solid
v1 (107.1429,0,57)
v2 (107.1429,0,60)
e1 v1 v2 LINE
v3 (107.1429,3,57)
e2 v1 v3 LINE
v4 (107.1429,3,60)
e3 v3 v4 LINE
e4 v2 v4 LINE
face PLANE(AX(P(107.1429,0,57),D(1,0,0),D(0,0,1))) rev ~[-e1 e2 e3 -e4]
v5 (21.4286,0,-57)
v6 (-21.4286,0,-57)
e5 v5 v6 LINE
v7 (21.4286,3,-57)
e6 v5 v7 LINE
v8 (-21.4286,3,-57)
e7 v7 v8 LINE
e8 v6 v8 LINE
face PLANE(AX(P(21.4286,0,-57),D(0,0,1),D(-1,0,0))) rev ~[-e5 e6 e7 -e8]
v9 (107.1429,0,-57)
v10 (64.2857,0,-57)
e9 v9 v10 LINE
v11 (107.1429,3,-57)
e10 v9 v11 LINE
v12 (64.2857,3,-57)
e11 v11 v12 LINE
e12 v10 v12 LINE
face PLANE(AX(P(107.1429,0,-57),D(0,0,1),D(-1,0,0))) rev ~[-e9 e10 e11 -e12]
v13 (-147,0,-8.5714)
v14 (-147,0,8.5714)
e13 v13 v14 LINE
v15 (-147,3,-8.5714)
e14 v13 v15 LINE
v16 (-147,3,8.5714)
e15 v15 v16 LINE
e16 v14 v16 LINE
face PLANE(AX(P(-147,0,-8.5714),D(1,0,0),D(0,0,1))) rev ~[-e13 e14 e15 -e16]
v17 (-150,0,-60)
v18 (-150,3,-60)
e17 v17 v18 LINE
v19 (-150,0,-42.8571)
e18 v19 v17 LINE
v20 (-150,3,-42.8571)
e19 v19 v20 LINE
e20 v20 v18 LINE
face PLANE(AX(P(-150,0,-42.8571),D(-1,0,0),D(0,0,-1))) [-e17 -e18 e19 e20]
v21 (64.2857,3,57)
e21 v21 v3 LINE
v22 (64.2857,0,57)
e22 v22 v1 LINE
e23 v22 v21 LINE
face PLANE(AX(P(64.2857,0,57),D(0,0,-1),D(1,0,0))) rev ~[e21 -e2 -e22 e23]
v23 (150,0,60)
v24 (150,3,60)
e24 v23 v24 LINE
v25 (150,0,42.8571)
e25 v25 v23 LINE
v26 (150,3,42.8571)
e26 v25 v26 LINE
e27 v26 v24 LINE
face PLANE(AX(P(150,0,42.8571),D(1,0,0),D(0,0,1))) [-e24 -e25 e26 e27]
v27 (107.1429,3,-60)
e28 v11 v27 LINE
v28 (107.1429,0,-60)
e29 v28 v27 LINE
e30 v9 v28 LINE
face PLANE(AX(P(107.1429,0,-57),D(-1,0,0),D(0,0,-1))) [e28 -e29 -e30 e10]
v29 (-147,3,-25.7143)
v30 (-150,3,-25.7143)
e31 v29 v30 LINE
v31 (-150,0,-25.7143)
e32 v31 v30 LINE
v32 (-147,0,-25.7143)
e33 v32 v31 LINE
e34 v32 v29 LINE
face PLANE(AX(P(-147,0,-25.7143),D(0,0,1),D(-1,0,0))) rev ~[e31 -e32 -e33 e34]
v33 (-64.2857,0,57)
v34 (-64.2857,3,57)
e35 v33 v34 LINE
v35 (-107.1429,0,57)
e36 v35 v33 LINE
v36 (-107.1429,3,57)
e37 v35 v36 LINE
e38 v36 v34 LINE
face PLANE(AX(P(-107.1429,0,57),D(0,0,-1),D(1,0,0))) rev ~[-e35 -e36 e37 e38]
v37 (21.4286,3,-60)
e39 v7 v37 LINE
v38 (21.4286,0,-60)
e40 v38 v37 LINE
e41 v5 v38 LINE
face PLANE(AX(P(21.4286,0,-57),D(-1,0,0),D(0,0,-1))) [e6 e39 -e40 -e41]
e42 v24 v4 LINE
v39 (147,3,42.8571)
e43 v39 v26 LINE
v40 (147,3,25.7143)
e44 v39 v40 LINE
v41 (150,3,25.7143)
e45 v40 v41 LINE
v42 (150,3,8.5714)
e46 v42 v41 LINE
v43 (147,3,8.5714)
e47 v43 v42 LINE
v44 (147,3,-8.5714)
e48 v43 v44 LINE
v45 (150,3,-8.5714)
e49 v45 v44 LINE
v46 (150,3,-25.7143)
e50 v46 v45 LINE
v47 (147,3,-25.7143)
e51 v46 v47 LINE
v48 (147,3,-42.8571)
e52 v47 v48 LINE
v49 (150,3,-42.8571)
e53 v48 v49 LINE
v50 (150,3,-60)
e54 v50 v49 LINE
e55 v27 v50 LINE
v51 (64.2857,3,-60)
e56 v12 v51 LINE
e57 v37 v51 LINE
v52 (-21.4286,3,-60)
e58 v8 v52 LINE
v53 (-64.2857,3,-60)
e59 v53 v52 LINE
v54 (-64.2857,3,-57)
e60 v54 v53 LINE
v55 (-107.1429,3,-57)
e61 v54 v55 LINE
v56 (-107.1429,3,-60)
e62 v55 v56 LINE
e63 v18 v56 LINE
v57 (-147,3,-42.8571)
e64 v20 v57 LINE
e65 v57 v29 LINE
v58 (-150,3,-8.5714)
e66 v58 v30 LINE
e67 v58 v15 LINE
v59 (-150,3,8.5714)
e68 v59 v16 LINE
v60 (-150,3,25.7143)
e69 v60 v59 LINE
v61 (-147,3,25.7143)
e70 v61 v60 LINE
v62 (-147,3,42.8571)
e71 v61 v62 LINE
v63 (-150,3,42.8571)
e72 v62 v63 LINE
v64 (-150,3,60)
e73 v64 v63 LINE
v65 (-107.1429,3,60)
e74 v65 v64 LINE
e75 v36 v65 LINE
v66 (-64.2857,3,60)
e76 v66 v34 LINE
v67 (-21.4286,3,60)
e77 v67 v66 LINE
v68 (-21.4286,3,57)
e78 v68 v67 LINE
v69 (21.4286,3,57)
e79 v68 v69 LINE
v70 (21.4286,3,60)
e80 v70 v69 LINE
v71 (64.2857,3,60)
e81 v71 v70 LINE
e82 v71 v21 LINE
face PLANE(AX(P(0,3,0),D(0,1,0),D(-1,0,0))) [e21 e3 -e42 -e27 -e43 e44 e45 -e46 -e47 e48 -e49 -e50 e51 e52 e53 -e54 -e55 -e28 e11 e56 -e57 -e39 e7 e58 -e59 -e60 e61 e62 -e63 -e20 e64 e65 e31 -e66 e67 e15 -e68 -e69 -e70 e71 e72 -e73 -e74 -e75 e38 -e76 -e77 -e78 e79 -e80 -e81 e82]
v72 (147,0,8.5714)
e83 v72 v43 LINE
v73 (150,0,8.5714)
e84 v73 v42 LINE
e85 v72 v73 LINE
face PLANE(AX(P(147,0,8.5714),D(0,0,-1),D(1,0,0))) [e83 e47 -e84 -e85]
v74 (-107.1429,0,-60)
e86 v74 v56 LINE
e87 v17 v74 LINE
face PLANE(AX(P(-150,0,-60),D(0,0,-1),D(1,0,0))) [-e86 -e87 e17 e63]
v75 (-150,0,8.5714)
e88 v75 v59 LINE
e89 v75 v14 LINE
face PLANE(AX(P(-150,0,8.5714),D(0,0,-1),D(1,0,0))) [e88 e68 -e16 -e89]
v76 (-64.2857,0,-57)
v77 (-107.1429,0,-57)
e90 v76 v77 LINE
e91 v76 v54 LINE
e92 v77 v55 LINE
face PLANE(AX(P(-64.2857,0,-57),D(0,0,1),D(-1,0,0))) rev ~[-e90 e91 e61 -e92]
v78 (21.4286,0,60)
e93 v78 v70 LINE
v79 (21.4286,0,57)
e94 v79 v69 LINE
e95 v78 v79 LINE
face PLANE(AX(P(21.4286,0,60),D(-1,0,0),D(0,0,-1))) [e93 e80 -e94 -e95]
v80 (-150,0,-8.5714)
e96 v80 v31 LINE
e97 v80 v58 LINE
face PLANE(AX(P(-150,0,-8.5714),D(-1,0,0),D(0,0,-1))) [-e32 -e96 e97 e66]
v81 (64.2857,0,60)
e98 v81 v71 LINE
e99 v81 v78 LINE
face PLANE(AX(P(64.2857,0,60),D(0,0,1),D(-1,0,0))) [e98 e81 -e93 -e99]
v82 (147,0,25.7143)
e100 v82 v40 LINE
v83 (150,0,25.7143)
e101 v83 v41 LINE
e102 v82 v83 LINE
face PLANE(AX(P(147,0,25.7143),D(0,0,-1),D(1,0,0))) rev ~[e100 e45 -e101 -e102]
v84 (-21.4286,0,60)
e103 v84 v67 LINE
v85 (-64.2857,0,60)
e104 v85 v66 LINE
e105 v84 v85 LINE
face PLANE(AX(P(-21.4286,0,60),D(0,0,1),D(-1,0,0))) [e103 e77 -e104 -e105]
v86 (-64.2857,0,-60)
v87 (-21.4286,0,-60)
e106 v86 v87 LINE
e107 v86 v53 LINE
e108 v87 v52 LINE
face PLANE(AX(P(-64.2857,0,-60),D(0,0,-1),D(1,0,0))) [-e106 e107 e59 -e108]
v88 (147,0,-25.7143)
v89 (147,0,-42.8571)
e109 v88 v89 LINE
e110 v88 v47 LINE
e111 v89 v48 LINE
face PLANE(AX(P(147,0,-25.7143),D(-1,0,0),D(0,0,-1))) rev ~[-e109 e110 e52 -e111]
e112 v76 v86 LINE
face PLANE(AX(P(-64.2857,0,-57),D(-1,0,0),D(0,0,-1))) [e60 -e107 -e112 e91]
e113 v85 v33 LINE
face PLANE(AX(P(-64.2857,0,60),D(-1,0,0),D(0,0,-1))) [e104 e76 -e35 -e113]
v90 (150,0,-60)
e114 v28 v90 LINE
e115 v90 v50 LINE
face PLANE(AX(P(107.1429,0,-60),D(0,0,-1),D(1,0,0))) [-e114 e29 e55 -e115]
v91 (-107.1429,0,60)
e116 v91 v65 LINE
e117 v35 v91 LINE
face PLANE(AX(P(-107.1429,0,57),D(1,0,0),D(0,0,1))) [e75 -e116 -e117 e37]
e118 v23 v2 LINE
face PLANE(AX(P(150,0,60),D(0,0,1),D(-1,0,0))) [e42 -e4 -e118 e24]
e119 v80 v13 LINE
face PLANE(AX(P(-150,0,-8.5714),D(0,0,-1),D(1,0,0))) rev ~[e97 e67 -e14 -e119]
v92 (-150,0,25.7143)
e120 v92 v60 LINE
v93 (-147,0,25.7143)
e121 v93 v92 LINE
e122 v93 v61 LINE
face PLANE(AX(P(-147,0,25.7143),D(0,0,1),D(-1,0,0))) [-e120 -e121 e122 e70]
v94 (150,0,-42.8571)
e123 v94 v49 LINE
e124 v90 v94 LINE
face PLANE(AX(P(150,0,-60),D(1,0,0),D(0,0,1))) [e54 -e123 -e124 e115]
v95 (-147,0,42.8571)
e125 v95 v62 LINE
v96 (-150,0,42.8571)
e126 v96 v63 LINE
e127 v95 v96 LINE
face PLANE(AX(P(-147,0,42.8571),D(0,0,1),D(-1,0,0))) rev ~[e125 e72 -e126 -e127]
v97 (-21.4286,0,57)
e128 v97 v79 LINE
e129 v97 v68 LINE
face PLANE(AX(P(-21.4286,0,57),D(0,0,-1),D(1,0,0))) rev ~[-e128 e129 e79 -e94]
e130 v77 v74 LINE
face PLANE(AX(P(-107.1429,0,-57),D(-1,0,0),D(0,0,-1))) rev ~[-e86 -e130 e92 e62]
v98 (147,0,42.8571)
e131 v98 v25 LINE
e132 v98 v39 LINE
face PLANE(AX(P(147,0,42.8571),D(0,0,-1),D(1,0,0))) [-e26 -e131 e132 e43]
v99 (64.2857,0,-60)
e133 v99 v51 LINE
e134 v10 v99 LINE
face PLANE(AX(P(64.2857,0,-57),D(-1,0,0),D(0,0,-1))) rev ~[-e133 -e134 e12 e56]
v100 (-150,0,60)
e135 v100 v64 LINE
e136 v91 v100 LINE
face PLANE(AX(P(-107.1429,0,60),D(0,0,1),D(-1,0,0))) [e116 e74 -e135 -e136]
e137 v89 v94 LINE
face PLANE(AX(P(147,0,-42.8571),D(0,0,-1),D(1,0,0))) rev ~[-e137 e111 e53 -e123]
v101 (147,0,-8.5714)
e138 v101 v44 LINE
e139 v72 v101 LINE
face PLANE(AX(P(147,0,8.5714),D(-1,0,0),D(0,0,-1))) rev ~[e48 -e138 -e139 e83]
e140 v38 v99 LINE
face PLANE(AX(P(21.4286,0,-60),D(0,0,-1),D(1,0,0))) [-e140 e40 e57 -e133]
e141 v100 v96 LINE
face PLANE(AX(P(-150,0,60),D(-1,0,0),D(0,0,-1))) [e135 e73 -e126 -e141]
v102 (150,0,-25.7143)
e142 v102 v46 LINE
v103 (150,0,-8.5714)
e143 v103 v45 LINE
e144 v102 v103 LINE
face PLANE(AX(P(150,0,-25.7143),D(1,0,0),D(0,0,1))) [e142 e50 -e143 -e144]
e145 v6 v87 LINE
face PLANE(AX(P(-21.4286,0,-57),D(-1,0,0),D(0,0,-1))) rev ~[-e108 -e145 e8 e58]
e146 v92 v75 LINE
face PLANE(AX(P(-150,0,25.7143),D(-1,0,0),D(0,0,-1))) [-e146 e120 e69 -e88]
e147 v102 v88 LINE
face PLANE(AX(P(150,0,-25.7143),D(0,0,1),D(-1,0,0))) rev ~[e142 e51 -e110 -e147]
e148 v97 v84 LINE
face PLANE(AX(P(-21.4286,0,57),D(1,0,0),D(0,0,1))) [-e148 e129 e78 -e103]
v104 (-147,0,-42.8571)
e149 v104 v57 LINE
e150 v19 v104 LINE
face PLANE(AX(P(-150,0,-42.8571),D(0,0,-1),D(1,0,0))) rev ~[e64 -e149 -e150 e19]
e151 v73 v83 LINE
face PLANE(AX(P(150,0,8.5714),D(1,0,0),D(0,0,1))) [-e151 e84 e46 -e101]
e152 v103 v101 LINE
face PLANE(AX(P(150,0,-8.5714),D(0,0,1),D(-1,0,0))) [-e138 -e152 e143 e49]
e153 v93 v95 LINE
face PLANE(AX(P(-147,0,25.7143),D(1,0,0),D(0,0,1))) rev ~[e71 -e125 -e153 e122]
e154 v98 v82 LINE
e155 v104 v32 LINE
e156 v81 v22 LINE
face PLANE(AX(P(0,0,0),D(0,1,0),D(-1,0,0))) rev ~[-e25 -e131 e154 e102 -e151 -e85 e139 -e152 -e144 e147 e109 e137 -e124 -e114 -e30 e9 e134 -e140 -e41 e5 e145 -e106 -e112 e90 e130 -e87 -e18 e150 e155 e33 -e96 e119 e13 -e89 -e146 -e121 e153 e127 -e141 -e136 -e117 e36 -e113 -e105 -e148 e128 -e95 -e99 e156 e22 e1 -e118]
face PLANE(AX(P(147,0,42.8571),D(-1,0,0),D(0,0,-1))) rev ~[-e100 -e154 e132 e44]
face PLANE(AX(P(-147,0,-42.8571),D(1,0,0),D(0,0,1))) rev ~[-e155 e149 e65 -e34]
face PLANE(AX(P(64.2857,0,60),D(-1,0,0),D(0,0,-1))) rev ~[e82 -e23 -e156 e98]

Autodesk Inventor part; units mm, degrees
ref_plane "YZ Plane" through (0, 0, 0) normal (1, 0, 0) x (0, 1, 0)
ref_plane "XZ Plane" through (0, 0, 0) normal (0, 1, 0) x (-1, 0, 0)
ref_plane "XY Plane" through (0, 0, 0) normal (0, 0, 1) x (1, 0, 0)
sketch "Sketch1" plane through (0, 0, 0) normal (0, 1, 0) x (-1, 0, 0)
  line L0 (107.1429, 57) -> (107.1429, 60)
  line L1 (64.2857, 60) -> (64.2857, 57)
  line L2 (21.4286, 57) -> (21.4286, 60)
  line L3 (-21.4286, 60) -> (-21.4286, 57)
  line L4 (-64.2857, 60) -> (-64.2857, 57)
  line L5 (-107.1429, 57) -> (-107.1429, 60)
  line L6 (107.1429, -57) -> (107.1429, -60)
  line L7 (64.2857, -57) -> (64.2857, -60)
  line L8 (21.4286, -57) -> (21.4286, -60)
  line L9 (-21.4286, -57) -> (-21.4286, -60)
  line L10 (-64.2857, -57) -> (-64.2857, -60)
  line L11 (-107.1429, -57) -> (-107.1429, -60)
  line L12 (147, 25.7143) -> (150, 25.7143)
  line L13 (150, 8.5714) -> (147, 8.5714)
  line L14 (150, -8.5714) -> (147, -8.5714)
  line L15 (147, -25.7143) -> (150, -25.7143)
  line L16 (150, -42.8571) -> (147, -42.8571)
  line L17 (-147, -42.8571) -> (-150, -42.8571)
  line L18 (-150, -25.7143) -> (-147, -25.7143)
  line L19 (-147, 8.5714) -> (-150, 8.5714)
  line L20 (-147, 25.7143) -> (-150, 25.7143)
  line L21 (147, 42.8571) -> (150, 42.8571)
  line L22 (-150, -8.5714) -> (-147, -8.5714)
  line L23 (-147, 42.8571) -> (-150, 42.8571)
  line L24 (150, -42.8571) -> (150, -60)
  line L25 (147, -42.8571) -> (147, -25.7143)
  line L26 (150, -8.5714) -> (150, -25.7143)
  line L27 (147, -8.5714) -> (147, 8.5714)
  line L28 (147, 25.7143) -> (147, 42.8571)
  line L29 (150, 60) -> (150, 42.8571)
  line L30 (150, 25.7143) -> (150, 8.5714)
  line L31 (107.1429, 60) -> (150, 60)
  line L32 (107.1429, 57) -> (64.2857, 57)
  line L33 (150, -60) -> (107.1429, -60)
  line L34 (64.2857, -60) -> (21.4286, -60)
  line L35 (-21.4286, -60) -> (-64.2857, -60)
  line L36 (-107.1429, -60) -> (-150, -60)
  line L37 (64.2857, -57) -> (107.1429, -57)
  line L38 (-107.1429, -57) -> (-64.2857, -57)
  line L39 (-21.4286, -57) -> (21.4286, -57)
  line L40 (21.4286, 60) -> (64.2857, 60)
  line L41 (21.4286, 57) -> (-21.4286, 57)
  line L42 (-64.2857, 57) -> (-107.1429, 57)
  line L43 (-150, 60) -> (-107.1429, 60)
  line L44 (-64.2857, 60) -> (-21.4286, 60)
  line L45 (-147, -25.7143) -> (-147, -42.8571)
  line L46 (-147, 42.8571) -> (-147, 25.7143)
  line L47 (-147, 8.5714) -> (-147, -8.5714)
  line L48 (-150, 42.8571) -> (-150, 60)
  line L49 (-150, 8.5714) -> (-150, 25.7143)
  line L50 (-150, -60) -> (-150, -42.8571)
  line L51 (-150, -25.7143) -> (-150, -8.5714)
  point P0 (0, 0)
  dimension "d6" = 85.7143
  dimension "d17" = 17.1429
  dimension "d18" = 34.2857
  dimension "d19" = 51.4286
  dimension "d20" = 68.5714
  dimension "d21" = 85.7143
  dimension "d22" = 102.8571
  dimension "d23" = 120
  dimension "d24" = 150
  dimension "d25" = 300
  dimension "d26" = 42.8571
  dimension "d27" = 128.5714
  dimension "d28" = 171.4286
  dimension "d29" = 214.2857
  dimension "d30" = 257.1429
  dimension "d34" = 3
  dimension "d35" = 3
  dimension "d36" = 60
  dimension "d37" = 3
  dimension "d38" = 3
extrude "Extrusion1" add sketch "Sketch1" along normal blind 3
equation "\"d6\" = 0.285714 * wt - tol"
equation "\"d17\" = d11"
equation "\"d18\" = d12"
equation "\"d19\" = d13"
equation "\"d20\" = d14"
equation "\"d21\" = d15"
equation "\"d22\" = d16"
equation "\"d23\" = ht"
equation "\"d24\" = 0.5 * wt"
equation "\"d25\" = wt"
equation "\"d26\" = d5"
equation "\"d27\" = d7"
equation "\"d28\" = d8"
equation "\"d29\" = d9"
equation "\"d30\" = d10"
equation "\"d34\" = tt"
equation "\"d35\" = tt"
equation "\"d36\" = 0.5 * ht"
equation "\"d37\" = tt"
equation "\"d38\" = tt"
equation "\"d31\" = tt"
equation "\"d4\" = tt"
equation "\"wt\" = 300"
equation "\"ht\" = 120"
equation "\"tt\" = 3"
equation "\"tol\" = 0"
equation "\"d5\" = 0.142857 * wt + tol"
equation "\"d7\" = 0.428571 * wt + tol"
equation "\"d8\" = 0.571429 * wt - tol"
equation "\"d9\" = 0.714286 * wt + tol"
equation "\"d10\" = 0.857143 * wt - tol"
equation "\"d11\" = 0.142857 * ht + tol"
equation "\"d12\" = 0.285714 * ht - tol"
equation "\"d13\" = 0.428571 * ht + tol"
equation "\"d14\" = 0.571429 * ht - tol"
equation "\"d15\" = 0.714286 * ht + tol"
equation "\"d16\" = 0.857143 * ht - tol"
equation "\"tiroir\" = 1"
equation "\"nHoles\" = 4"
equation "\"shelfH\" = 35"
properties part number "base"
